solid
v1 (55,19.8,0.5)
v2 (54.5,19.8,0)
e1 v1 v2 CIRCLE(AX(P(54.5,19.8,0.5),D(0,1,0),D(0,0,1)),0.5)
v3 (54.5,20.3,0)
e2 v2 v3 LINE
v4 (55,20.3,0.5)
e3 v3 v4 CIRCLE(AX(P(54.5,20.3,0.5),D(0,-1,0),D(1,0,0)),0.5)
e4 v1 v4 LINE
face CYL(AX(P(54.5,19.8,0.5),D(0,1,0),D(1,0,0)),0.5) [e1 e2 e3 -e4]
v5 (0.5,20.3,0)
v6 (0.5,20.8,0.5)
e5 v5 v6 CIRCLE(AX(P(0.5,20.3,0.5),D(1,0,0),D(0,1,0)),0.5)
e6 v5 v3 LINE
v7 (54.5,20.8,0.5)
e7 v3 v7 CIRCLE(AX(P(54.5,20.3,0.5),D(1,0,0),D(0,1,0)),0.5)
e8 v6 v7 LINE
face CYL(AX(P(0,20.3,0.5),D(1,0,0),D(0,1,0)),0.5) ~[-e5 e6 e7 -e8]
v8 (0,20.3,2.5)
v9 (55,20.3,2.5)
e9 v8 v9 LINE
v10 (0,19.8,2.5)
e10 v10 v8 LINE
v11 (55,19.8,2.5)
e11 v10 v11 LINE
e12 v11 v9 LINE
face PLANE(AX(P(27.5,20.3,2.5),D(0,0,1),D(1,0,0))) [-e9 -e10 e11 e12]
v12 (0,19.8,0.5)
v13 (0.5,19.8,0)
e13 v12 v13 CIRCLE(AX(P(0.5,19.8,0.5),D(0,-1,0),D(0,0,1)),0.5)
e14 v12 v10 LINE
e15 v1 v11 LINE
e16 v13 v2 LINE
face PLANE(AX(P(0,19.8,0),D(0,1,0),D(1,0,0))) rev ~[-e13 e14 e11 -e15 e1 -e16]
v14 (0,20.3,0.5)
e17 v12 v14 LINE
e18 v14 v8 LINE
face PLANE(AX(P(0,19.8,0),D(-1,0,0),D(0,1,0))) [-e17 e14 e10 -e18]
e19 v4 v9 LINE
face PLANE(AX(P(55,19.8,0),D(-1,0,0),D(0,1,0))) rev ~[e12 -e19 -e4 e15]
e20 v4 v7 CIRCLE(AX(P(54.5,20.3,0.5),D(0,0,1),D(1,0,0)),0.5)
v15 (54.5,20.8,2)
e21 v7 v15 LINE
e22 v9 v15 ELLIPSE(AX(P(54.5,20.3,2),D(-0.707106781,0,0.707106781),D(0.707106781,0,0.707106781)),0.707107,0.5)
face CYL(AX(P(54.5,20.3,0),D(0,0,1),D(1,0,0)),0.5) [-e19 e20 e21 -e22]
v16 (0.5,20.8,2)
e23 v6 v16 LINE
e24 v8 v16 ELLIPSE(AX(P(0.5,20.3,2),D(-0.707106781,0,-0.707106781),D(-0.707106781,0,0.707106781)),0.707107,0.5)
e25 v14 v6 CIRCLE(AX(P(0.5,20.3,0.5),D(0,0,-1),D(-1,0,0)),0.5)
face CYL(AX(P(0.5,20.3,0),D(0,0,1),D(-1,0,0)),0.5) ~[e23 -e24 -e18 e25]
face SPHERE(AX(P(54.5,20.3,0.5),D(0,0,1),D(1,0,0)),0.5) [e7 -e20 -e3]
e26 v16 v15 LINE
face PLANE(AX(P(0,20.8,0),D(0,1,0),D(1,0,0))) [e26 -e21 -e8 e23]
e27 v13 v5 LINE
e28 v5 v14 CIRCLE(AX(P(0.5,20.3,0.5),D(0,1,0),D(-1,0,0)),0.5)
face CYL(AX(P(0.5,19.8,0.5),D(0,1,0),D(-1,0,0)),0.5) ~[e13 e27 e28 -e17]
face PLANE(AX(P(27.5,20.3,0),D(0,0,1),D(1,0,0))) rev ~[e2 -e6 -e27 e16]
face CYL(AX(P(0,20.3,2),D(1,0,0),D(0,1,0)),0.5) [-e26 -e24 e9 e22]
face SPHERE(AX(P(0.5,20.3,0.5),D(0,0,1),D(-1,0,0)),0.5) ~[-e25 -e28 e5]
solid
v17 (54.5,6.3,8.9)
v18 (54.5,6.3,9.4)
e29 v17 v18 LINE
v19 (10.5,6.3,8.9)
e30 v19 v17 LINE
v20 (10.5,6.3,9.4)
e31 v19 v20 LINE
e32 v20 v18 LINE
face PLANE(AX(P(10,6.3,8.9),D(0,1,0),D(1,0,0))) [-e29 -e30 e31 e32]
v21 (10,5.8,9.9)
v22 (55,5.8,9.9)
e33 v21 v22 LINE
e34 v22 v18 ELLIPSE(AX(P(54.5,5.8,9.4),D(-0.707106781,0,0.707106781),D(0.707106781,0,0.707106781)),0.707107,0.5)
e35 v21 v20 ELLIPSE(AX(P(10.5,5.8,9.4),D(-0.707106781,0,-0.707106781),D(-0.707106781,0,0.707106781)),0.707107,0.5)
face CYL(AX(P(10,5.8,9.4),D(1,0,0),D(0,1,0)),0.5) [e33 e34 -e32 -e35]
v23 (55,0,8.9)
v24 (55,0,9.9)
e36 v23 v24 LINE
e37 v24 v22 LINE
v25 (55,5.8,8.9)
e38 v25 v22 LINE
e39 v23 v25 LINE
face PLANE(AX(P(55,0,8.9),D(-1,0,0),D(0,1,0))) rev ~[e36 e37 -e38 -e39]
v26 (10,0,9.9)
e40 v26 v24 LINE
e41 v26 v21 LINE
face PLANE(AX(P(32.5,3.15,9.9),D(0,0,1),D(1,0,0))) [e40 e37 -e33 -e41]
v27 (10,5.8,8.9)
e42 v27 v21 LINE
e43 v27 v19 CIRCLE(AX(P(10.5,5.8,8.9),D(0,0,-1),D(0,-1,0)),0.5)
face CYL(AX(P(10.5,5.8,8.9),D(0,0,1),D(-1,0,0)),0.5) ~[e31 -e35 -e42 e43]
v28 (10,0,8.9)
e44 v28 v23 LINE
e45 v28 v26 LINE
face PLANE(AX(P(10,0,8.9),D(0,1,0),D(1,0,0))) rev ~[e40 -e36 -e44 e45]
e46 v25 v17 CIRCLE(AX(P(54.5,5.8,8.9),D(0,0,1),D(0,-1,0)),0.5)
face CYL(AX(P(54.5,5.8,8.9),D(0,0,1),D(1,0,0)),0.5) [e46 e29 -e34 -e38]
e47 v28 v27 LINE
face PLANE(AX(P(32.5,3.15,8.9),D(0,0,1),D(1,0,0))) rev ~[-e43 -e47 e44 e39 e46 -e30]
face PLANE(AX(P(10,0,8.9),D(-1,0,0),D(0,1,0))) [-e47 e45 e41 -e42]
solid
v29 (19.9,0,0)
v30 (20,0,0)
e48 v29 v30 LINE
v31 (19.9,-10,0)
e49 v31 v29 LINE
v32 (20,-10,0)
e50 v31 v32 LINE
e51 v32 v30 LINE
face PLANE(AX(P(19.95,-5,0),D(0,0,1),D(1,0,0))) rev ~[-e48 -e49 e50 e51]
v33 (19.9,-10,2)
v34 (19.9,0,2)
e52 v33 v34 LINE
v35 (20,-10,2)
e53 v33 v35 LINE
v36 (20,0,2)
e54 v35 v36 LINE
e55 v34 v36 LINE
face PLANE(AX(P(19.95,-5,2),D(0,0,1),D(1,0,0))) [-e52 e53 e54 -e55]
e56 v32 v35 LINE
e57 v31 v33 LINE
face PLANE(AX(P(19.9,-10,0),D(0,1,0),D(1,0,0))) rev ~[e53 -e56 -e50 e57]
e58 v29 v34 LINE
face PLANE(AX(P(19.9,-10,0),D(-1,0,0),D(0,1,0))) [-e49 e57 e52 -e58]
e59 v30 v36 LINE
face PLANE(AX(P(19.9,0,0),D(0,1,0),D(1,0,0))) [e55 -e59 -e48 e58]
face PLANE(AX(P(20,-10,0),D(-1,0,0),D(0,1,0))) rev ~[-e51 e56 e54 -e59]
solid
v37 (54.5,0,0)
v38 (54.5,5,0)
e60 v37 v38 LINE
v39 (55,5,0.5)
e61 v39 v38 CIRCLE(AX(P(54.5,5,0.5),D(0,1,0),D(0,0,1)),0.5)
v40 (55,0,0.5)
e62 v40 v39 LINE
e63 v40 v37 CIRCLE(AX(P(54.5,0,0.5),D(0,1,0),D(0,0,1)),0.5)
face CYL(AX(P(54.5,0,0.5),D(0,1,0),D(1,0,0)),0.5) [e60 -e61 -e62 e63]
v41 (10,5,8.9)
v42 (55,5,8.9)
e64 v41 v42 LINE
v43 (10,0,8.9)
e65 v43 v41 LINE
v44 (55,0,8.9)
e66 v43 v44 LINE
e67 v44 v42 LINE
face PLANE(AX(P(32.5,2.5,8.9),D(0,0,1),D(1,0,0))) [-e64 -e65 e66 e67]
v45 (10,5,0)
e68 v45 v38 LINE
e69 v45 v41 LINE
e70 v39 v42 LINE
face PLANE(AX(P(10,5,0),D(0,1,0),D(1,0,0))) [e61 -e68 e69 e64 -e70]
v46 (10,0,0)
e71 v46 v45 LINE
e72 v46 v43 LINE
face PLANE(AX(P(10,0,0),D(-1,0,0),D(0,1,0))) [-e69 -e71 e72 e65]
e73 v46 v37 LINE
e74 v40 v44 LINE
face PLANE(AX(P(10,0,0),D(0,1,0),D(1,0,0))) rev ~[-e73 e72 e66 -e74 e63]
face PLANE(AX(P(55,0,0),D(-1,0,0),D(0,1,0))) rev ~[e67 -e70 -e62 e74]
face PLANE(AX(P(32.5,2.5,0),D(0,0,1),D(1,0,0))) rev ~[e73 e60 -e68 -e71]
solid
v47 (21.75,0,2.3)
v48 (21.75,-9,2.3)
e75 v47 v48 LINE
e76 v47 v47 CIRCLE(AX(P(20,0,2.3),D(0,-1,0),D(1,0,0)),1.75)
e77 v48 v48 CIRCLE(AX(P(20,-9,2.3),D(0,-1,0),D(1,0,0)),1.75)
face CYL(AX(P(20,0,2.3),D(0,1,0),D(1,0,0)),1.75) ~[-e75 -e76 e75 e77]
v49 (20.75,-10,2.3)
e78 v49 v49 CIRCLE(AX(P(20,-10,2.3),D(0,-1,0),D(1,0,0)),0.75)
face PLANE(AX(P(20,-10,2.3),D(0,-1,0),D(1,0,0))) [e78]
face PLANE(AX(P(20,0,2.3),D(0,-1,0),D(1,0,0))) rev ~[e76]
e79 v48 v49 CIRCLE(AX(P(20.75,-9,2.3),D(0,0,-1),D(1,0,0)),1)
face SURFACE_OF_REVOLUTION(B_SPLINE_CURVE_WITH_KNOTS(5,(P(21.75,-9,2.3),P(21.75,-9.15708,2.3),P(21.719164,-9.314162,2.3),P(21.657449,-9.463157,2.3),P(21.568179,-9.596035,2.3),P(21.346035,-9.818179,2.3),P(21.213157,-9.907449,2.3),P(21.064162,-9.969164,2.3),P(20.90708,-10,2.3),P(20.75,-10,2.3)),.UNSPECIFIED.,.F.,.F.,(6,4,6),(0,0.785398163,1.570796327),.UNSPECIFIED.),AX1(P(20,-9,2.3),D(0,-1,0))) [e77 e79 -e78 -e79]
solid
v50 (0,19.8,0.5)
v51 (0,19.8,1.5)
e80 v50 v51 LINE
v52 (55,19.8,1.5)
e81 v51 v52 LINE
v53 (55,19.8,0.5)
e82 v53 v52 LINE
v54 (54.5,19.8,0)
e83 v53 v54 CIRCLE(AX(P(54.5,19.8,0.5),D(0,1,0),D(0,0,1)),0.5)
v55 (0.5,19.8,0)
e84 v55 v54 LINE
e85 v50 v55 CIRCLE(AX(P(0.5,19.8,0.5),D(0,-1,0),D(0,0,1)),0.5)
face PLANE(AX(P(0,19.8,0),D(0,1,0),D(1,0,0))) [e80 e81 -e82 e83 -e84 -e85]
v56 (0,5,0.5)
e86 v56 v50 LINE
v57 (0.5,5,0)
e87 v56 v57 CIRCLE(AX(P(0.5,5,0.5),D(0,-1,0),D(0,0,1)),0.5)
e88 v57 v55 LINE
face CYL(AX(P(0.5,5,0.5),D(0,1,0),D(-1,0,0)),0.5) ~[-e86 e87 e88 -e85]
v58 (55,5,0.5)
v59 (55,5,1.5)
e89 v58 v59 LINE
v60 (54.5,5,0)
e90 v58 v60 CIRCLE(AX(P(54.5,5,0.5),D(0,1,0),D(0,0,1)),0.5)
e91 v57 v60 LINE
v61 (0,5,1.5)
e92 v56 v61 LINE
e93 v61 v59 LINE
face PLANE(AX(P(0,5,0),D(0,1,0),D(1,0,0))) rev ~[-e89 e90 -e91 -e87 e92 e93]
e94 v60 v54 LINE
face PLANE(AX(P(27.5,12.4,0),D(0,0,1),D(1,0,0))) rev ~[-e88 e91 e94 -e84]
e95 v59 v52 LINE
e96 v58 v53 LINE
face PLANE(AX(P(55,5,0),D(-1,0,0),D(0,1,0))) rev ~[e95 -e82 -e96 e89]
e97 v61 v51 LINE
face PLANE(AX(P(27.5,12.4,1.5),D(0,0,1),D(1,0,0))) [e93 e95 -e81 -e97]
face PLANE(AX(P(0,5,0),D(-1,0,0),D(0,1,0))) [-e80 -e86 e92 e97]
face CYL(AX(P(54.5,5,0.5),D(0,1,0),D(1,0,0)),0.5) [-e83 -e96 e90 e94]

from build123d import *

# Parameters (mm, degrees)
CYLINDER_R     = 1.75
CYLINDER_DEPTH = 10
FILLET_R       = 1
BOX002_W       = 55
BOX002_H       = 1
BOX002_DEPTH   = 2.5
FILLET001_R    = 0.5
BOX001_W       = 55
BOX001_H       = 14.8
BOX001_DEPTH   = 1.5
FILLET003_R    = 0.5
BOX_W          = 45
BOX_H          = 5
BOX_DEPTH      = 8.9
FILLET004_R    = 0.5
BOX003_W       = 45
BOX003_H       = 6.3
BOX003_DEPTH   = 1
FILLET005_R    = 0.5
BOX004_W       = 0.1
BOX004_H       = 10
BOX004_DEPTH   = 2


with BuildPart() as fillet_body:
    # Cylinder → Cylinder (new body)
    with BuildSketch(Plane(origin=(20, 0, 2.3), x_dir=(1, 0, 0), z_dir=(0, -1, 0))):
        Circle(CYLINDER_R)
    extrude(amount=CYLINDER_DEPTH)

    # Fillet
    fillet_edges = [fillet_body.edges().sort_by_distance(p)[0] for p in [
        (18.25, -10, 2.3),
    ]]
    fillet(fillet_edges, radius=FILLET_R)


with BuildPart() as fillet001:
    # Box002 → Box002 (new body)
    with BuildSketch(Plane(origin=(0, 19.8, 0), x_dir=(1, 0, 0), z_dir=(0, 0, 1))):
        with Locations((27.5, 0.5)):
            Rectangle(BOX002_W, BOX002_H)
    extrude(amount=BOX002_DEPTH)

    # Fillet001
    fillet001_edges = [fillet001.edges().sort_by_distance(p)[0] for p in [
        (0, 20.8, 1.25),
        (0, 20.3, 0),
        (55, 20.8, 1.25),
        (55, 20.3, 0),
        (27.5, 20.8, 0),
        (27.5, 20.8, 2.5),
    ]]
    fillet(fillet001_edges, radius=FILLET001_R)


with BuildPart() as fillet003:
    # Box001 → Box001 (new body)
    with BuildSketch(Plane(origin=(0, 5, 0), x_dir=(1, 0, 0), z_dir=(0, 0, 1))):
        with Locations((27.5, 7.4)):
            Rectangle(BOX001_W, BOX001_H)
    extrude(amount=BOX001_DEPTH)

    # Fillet003
    fillet003_edges = [fillet003.edges().sort_by_distance(p)[0] for p in [
        (0, 12.4, 0),
        (55, 12.4, 0),
    ]]
    fillet(fillet003_edges, radius=FILLET003_R)


with BuildPart() as fillet004:
    # Box → Box (new body)
    with BuildSketch(Plane(origin=(10, 0, 0), x_dir=(1, 0, 0), z_dir=(0, 0, 1))):
        with Locations((22.5, 2.5)):
            Rectangle(BOX_W, BOX_H)
    extrude(amount=BOX_DEPTH)

    # Fillet004
    fillet004_edges = [fillet004.edges().sort_by_distance(p)[0] for p in [
        (55, 2.5, 0),
    ]]
    fillet(fillet004_edges, radius=FILLET004_R)


with BuildPart() as fillet005:
    # Box003 → Box003 (new body)
    with BuildSketch(Plane(origin=(10, 0, 8.9), x_dir=(1, 0, 0), z_dir=(0, 0, 1))):
        with Locations((22.5, 3.15)):
            Rectangle(BOX003_W, BOX003_H)
    extrude(amount=BOX003_DEPTH)

    # Fillet005
    fillet005_edges = [fillet005.edges().sort_by_distance(p)[0] for p in [
        (10, 6.3, 9.4),
        (55, 6.3, 9.4),
        (32.5, 6.3, 9.9),
    ]]
    fillet(fillet005_edges, radius=FILLET005_R)


with BuildPart() as cube004:
    # Box004 → Box004 (new body)
    with BuildSketch(Plane(origin=(19.9, -10, 0), x_dir=(1, 0, 0), z_dir=(0, 0, 1))):
        with Locations((0.05, 5)):
            Rectangle(BOX004_W, BOX004_H)
    extrude(amount=BOX004_DEPTH)


solid = Compound([fillet_body.part, fillet001.part, fillet003.part, fillet004.part, fillet005.part, cube004.part])
